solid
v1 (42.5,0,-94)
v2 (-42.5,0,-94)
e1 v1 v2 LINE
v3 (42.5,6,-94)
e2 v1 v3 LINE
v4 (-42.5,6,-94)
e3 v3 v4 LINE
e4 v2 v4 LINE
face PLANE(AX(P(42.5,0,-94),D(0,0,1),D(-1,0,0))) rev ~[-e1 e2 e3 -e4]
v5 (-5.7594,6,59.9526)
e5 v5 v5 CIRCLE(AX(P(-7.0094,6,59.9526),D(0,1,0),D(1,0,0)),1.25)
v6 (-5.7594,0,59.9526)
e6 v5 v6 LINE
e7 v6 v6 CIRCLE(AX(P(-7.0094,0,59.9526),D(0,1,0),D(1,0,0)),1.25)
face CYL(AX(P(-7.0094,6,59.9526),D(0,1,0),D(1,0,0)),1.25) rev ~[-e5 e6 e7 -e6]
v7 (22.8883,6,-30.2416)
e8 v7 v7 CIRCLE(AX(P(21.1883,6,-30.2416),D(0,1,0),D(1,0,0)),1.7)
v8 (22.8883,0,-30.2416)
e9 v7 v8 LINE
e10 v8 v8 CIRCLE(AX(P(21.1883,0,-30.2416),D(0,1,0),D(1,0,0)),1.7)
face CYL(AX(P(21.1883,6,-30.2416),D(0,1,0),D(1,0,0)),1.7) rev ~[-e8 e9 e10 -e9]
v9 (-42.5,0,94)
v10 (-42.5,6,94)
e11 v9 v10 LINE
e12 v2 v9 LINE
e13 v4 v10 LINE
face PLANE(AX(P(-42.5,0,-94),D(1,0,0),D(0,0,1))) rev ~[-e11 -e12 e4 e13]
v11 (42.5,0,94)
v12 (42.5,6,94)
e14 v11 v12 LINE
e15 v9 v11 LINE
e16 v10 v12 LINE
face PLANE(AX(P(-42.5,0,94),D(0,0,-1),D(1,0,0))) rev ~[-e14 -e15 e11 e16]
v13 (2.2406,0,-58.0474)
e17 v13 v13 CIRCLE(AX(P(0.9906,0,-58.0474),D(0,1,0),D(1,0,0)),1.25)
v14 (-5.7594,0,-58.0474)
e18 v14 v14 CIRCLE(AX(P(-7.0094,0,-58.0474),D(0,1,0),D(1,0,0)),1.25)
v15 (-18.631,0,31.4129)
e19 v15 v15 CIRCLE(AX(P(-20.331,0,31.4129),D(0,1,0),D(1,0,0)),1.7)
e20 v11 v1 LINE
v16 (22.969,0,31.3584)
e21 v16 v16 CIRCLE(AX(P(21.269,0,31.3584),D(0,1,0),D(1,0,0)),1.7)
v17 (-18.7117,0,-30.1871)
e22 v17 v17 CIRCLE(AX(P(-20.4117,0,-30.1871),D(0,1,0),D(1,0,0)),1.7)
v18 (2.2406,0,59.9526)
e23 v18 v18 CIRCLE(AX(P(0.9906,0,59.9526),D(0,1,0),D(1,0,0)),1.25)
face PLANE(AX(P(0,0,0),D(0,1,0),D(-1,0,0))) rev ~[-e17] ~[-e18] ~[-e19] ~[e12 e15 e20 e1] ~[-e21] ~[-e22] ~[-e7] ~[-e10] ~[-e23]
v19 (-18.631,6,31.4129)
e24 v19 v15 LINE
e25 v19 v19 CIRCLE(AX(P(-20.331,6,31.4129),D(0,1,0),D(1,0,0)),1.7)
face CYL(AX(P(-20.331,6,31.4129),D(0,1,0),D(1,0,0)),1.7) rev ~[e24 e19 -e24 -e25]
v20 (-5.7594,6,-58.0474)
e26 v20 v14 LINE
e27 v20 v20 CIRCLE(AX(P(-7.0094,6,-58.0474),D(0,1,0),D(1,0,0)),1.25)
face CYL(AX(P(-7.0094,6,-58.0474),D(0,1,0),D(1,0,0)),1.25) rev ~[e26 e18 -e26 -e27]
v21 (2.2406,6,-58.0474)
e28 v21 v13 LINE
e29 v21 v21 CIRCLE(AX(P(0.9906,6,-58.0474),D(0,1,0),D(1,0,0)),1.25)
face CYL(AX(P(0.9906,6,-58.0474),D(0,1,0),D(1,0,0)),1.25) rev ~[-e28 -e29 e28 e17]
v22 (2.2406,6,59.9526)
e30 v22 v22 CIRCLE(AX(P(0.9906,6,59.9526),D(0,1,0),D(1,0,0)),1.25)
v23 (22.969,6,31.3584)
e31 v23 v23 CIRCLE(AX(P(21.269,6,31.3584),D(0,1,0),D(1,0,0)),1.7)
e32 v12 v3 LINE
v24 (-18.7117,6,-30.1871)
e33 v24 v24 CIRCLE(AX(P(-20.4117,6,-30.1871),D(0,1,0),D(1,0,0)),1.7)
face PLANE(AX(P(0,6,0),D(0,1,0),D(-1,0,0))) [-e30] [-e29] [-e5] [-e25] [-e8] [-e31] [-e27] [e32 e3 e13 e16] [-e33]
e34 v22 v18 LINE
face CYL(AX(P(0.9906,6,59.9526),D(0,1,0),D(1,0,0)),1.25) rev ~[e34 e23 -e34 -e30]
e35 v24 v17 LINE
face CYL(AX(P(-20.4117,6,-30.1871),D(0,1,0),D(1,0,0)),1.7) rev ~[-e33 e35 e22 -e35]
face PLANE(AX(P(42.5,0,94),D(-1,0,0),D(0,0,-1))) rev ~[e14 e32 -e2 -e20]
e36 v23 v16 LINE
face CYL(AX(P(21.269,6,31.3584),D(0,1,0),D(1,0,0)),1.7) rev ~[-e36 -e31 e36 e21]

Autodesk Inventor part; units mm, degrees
ref_plane "YZ Plane" through (0, 0, 0) normal (1, 0, 0) x (0, 1, 0)
ref_plane "XZ Plane" through (0, 0, 0) normal (0, 1, 0) x (-1, 0, 0)
ref_plane "XY Plane" through (0, 0, 0) normal (0, 0, 1) x (1, 0, 0)
ref_plane "작업 평면1" through (-11.501, -90.6951, 25.5) normal (0, 0, 1) x (0, 1, 0)
ref_plane "작업 평면2" through (-154.4039, 73.8066, -132.8958) normal (0, 0, 1) x (0, 1, 0)
sketch "스케치12" plane through (0, 0, 0) normal (0, 1, 0) x (-1, 0, 0)
  line L0 (-42.5, -94) -> (42.5, -94)
  line L1 (42.5, -94) -> (42.5, 94)
  line L2 (42.5, 94) -> (-42.5, 94)
  line L3 (-42.5, 94) -> (-42.5, -94)
  line L4 (-42.5, -94) -> (42.5, 94) construction
  line L5 (42.5, -94) -> (-42.5, 94) construction
  point P0 (0, 0)
  dimension "d71" = 85
  dimension "d72" = 188
extrude "돌출11" add sketch "스케치12" along normal blind 6
sketch "스케치15" plane through (0, 6, 0) normal (0, 1, 0) x (1, 0, 0)
  circle A0 centre (0.9906, -59.9526) radius 1.25 projected
  circle A1 centre (-7.0094, -59.9526) radius 1.25 projected
  line L0 (-13.0094, -54.9526) -> (6.9906, -54.9526) projected
  line L1 (-13.0094, -54.9526) -> (-13.0094, -64.9526) projected
  line L2 (6.9906, -64.9526) -> (-13.0094, -64.9526) projected
  line L3 (6.9906, -54.9526) -> (6.9906, -64.9526) projected
  circle A2 centre (-7.0094, 58.0474) radius 1.25 projected
  circle A3 centre (0.9906, 58.0474) radius 1.25 projected
  line L4 (6.9906, 53.0474) -> (-13.0094, 53.0474) projected
  line L5 (6.9906, 53.0474) -> (6.9906, 63.0474) projected
  line L6 (-13.0094, 63.0474) -> (6.9906, 63.0474) projected
  line L7 (-13.0094, 53.0474) -> (-13.0094, 63.0474) projected
  point P0 (0, 0)
extrude "돌출14" cut sketch "스케치15" against normal blind 10 contours A0 | A1 | A2 | A3
sketch "스케치16" plane through (0, 6, 0) normal (0, 1, 0) x (1, 0, 0)
  circle A0 centre (-20.331, -31.4129) radius 1.6 projected
  circle A1 centre (-20.4117, 30.1871) radius 1.6 projected
  circle A2 centre (21.269, -31.3584) radius 1.6 projected
  circle A3 centre (21.1883, 30.2416) radius 1.6 projected
  line L0 (-24.6171, 34.3816) -> (-24.5254, -35.6184) projected
  line L1 (-24.5254, -35.6184) -> (25.4745, -35.5529) projected
  line L2 (25.4745, -35.5529) -> (25.3828, 34.4471) projected
  line L3 (25.3828, 34.4471) -> (-24.6171, 34.3816) projected
  line L4 (-3.012, -16.0318) -> (-3.013, -15.2211) projected
  line L5 (-3.013, -15.2211) -> (2.3653, -15.2141) projected
  line L6 (2.3653, -15.2141) -> (2.3626, -13.1675) projected
  line L7 (2.3626, -13.1675) -> (3.0843, -13.1666) projected
  line L8 (3.0843, -13.1666) -> (3.0907, -18.0703) projected
  line L9 (3.0907, -18.0703) -> (2.369, -18.0713) projected
  line L10 (2.369, -18.0713) -> (2.3663, -16.0248) projected
  line L11 (2.3663, -16.0248) -> (-3.012, -16.0318) projected
  spline S0 degree 2 poles (-2.5863, -8.9228) (-2.8733, -8.6315) (-3.1512, -7.8607) (-3.1519, -7.2972) knots 0 0 0 1 2 2 2 projected
  spline S1 degree 2 poles (-3.1519, -7.2972) (-3.1526, -6.7584) (-2.8719, -5.9572) (-2.5905, -5.6751) knots 0 0 0 1 2 2 2 projected
  spline S2 degree 2 poles (-2.5905, -5.6751) (-2.2746, -5.3534) (-1.3851, -5.0902) (-0.7326, -5.0893) knots 0 0 0 1 2 2 2 projected
  line L12 (-0.7326, -5.0893) -> (3.0737, -5.0844) projected
  line L13 (3.0737, -5.0844) -> (3.0748, -5.895) projected
  line L14 (3.0748, -5.895) -> (-0.7315, -5.9) projected
  spline S3 degree 2 poles (-0.7315, -5.9) (-1.1567, -5.9006) (-1.7299, -6.0101) (-1.9621, -6.1636) knots 0 0 0 1 2 2 2 projected
  spline S4 degree 2 poles (-1.9621, -6.1636) (-2.209, -6.3271) (-2.4604, -6.891) (-2.4599, -7.2963) knots 0 0 0 1 2 2 2 projected
  spline S5 degree 2 poles (-2.4599, -7.2963) (-2.4594, -7.6769) (-2.2065, -8.2698) (-1.9591, -8.4326) knots 0 0 0 1 2 2 2 projected
  spline S6 degree 2 poles (-1.9591, -8.4326) (-1.7266, -8.5855) (-1.1579, -8.6935) (-0.7477, -8.693) knots 0 0 0 1 2 2 2 projected
  line L15 (-0.7477, -8.693) -> (3.0784, -8.688) projected
  line L16 (3.0784, -8.688) -> (3.0795, -9.4987) projected
  line L17 (3.0795, -9.4987) -> (-0.7268, -9.5037) projected
  spline S7 degree 2 poles (-0.7268, -9.5037) (-1.3645, -9.5045) (-2.2744, -9.2487) (-2.5863, -8.9228) knots 0 0 0 1 2 2 2 projected
  line L18 (-2.4181, 6.0803) -> (-3.0409, 6.0794) projected
  line L19 (-3.0409, 6.0794) -> (-3.044, 8.4423) projected
  line L20 (-3.044, 8.4423) -> (-2.4212, 8.4431) projected
  line L21 (-2.4212, 8.4431) -> (-2.4201, 7.6671) projected
  line L22 (-2.4201, 7.6671) -> (2.4341, 7.6734) projected
  line L23 (2.4341, 7.6734) -> (2.4331, 8.4495) projected
  line L24 (2.4331, 8.4495) -> (3.056, 8.4503) projected
  line L25 (3.056, 8.4503) -> (3.0591, 6.0874) projected
  line L26 (3.0591, 6.0874) -> (2.4362, 6.0866) projected
  line L27 (2.4362, 6.0866) -> (2.4352, 6.8627) projected
  line L28 (2.4352, 6.8627) -> (-2.4191, 6.8564) projected
  line L29 (-2.4191, 6.8564) -> (-2.4181, 6.0803) projected
  spline S8 degree 2 poles (-2.9765, 9.7722) (-3.0659, 10.039) (-3.1555, 10.4936) (-3.1559, 10.8594) knots 0 0 0 1 2 2 2 projected
  spline S9 degree 2 poles (-3.1559, 10.8594) (-3.1567, 11.4526) (-2.7576, 12.4566) (-2.3577, 12.823) knots 0 0 0 1 2 2 2 projected
  spline S10 degree 2 poles (-2.3577, 12.823) (-1.9627, 13.1893) (-0.7769, 13.5913) (-0.0057, 13.5923) knots 0 0 0 1 2 2 2 projected
  spline S11 degree 2 poles (-0.0057, 13.5923) (0.7605, 13.5933) (1.898, 13.2042) (2.3186, 12.834) knots 0 0 0 1 2 2 2 projected
  spline S12 degree 2 poles (2.3186, 12.834) (2.7294, 12.4688) (3.1608, 11.4708) (3.1616, 10.8529) knots 0 0 0 1 2 2 2 projected
  spline S13 degree 2 poles (3.1616, 10.8529) (3.162, 10.5464) (3.0737, 10.0075) (3.0048, 9.78) knots 0 0 0 1 2 2 2 projected
  spline S14 degree 2 poles (3.0048, 9.78) (2.9408, 9.5822) (2.7584, 9.1716) (2.65, 8.9688) knots 0 0 0 1 2 2 2 projected
  line L30 (2.65, 8.9688) -> (1.6712, 8.9675) projected
  line L31 (1.6712, 8.9675) -> (1.6711, 9.0318) projected
  spline S15 degree 2 poles (1.6711, 9.0318) (1.7698, 9.1407) (2.0462, 9.4772) (2.1794, 9.7196) knots 0 0 0 1 2 2 2 projected
  spline S16 degree 2 poles (2.1794, 9.7196) (2.3076, 9.9521) (2.47, 10.501) (2.4695, 10.8569) knots 0 0 0 1 2 2 2 projected
  spline S17 degree 2 poles (2.4695, 10.8569) (2.469, 11.2474) (2.1468, 11.944) (1.84, 12.2056) knots 0 0 0 1 2 2 2 projected
  spline S18 degree 2 poles (1.84, 12.2056) (1.5282, 12.4623) (0.5837, 12.7477) (-0.0046, 12.747) knots 0 0 0 1 2 2 2 projected
  spline S19 degree 2 poles (-0.0046, 12.747) (-0.6324, 12.7461) (-1.5366, 12.4434) (-1.8477, 12.181) knots 0 0 0 1 2 2 2 projected
  spline S20 degree 2 poles (-1.8477, 12.181) (-2.1489, 11.9236) (-2.4545, 11.2361) (-2.454, 10.8505) knots 0 0 0 1 2 2 2 projected
  spline S21 degree 2 poles (-2.454, 10.8505) (-2.4535, 10.4995) (-2.2797, 9.9016) (-2.1509, 9.6694) knots 0 0 0 1 2 2 2 projected
  spline S22 degree 2 poles (-2.1509, 9.6694) (-2.0221, 9.4472) (-1.7547, 9.1163) (-1.6607, 9.0225) knots 0 0 0 1 2 2 2 projected
  line L32 (-1.6607, 9.0225) -> (-1.6606, 8.9632) projected
  line L33 (-1.6606, 8.9632) -> (-2.6295, 8.9619) projected
  spline S23 degree 2 poles (-2.6295, 8.9619) (-2.7236, 9.1645) (-2.8971, 9.5202) (-2.9765, 9.7722) knots 0 0 0 1 2 2 2 projected
  line L34 (-0.3817, 2.5287) -> (-3.0334, 0.3551) projected
  line L35 (-3.0334, 0.3551) -> (-3.0348, 1.4081) projected
  line L36 (-3.0348, 1.4081) -> (-0.6102, 3.3391) projected
  line L37 (-0.6102, 3.3391) -> (-0.6114, 4.2684) projected
  line L38 (-0.6114, 4.2684) -> (-3.0385, 4.2653) projected
  line L39 (-3.0385, 4.2653) -> (-3.0396, 5.076) projected
  line L40 (-3.0396, 5.076) -> (3.0604, 5.084) projected
  line L41 (3.0604, 5.084) -> (3.0625, 3.512) projected
  spline S24 degree 2 poles (3.0625, 3.512) (3.0631, 2.988) (2.9504, 2.281) (2.7432, 1.9594) knots 0 0 0 1 2 2 2 projected
  spline S25 degree 2 poles (2.7432, 1.9594) (2.536, 1.6378) (1.8889, 1.2662) (1.4094, 1.2656) knots 0 0 0 1 2 2 2 projected
  spline S26 degree 2 poles (1.4094, 1.2656) (0.7421, 1.2647) (-0.1635, 1.9457) (-0.3817, 2.5287) knots 0 0 0 1 2 2 2 projected
  spline S27 degree 2 poles (-2.959, -3.5994) (-3.0484, -3.3326) (-3.1379, -2.8779) (-3.1384, -2.5121) knots 0 0 0 1 2 2 2 projected
  spline S28 degree 2 poles (-3.1384, -2.5121) (-3.1392, -1.9189) (-2.7401, -0.9149) (-2.3402, -0.5486) knots 0 0 0 1 2 2 2 projected
  spline S29 degree 2 poles (-2.3402, -0.5486) (-1.9452, -0.1823) (-0.7593, 0.2197) (0.0118, 0.2207) knots 0 0 0 1 2 2 2 projected
  spline S30 degree 2 poles (0.0118, 0.2207) (0.778, 0.2217) (1.9155, -0.1673) (2.3362, -0.5375) knots 0 0 0 1 2 2 2 projected
  spline S31 degree 2 poles (2.3362, -0.5375) (2.7469, -0.9028) (3.1783, -1.9007) (3.1791, -2.5187) knots 0 0 0 1 2 2 2 projected
  spline S32 degree 2 poles (3.1791, -2.5187) (3.1795, -2.8251) (3.0912, -3.3641) (3.0223, -3.5916) knots 0 0 0 1 2 2 2 projected
  spline S33 degree 2 poles (3.0223, -3.5916) (2.9583, -3.7894) (2.776, -4.1999) (2.6675, -4.4027) knots 0 0 0 1 2 2 2 projected
  line L42 (2.6675, -4.4027) -> (1.6887, -4.404) projected
  line L43 (1.6887, -4.404) -> (1.6886, -4.3397) projected
  spline S34 degree 2 poles (1.6886, -4.3397) (1.7873, -4.2309) (2.0637, -3.8943) (2.1969, -3.652) knots 0 0 0 1 2 2 2 projected
  spline S35 degree 2 poles (2.1969, -3.652) (2.3251, -3.4194) (2.4875, -2.8705) (2.487, -2.5146) knots 0 0 0 1 2 2 2 projected
  spline S36 degree 2 poles (2.487, -2.5146) (2.4865, -2.1241) (2.1643, -1.4275) (1.8575, -1.1659) knots 0 0 0 1 2 2 2 projected
  spline S37 degree 2 poles (1.8575, -1.1659) (1.5457, -0.9093) (0.6012, -0.6238) (0.0129, -0.6246) knots 0 0 0 1 2 2 2 projected
  spline S38 degree 2 poles (0.0129, -0.6246) (-0.6149, -0.6254) (-1.5191, -0.9281) (-1.8302, -1.1905) knots 0 0 0 1 2 2 2 projected
  spline S39 degree 2 poles (-1.8302, -1.1905) (-2.1314, -1.448) (-2.437, -2.1355) (-2.4365, -2.5211) knots 0 0 0 1 2 2 2 projected
  spline S40 degree 2 poles (-2.4365, -2.5211) (-2.436, -2.872) (-2.2622, -3.4699) (-2.1334, -3.7021) knots 0 0 0 1 2 2 2 projected
  spline S41 degree 2 poles (-2.1334, -3.7021) (-2.0046, -3.9244) (-1.7372, -4.2552) (-1.6431, -4.349) knots 0 0 0 1 2 2 2 projected
  line L44 (-1.6431, -4.349) -> (-1.6431, -4.4084) projected
  line L45 (-1.6431, -4.4084) -> (-2.6119, -4.4096) projected
  spline S42 degree 2 poles (-2.6119, -4.4096) (-2.7061, -4.2071) (-2.8796, -3.8514) (-2.959, -3.5994) knots 0 0 0 1 2 2 2 projected
  line L46 (-2.3933, -12.7931) -> (-3.0162, -12.794) projected
  line L47 (-3.0162, -12.794) -> (-3.0193, -10.4311) projected
  line L48 (-3.0193, -10.4311) -> (-2.3964, -10.4303) projected
  line L49 (-2.3964, -10.4303) -> (-2.3954, -11.2064) projected
  line L50 (-2.3954, -11.2064) -> (2.4589, -11.2) projected
  line L51 (2.4589, -11.2) -> (2.4579, -10.4239) projected
  line L52 (2.4579, -10.4239) -> (3.0807, -10.4231) projected
  line L53 (3.0807, -10.4231) -> (3.0838, -12.786) projected
  line L54 (3.0838, -12.786) -> (2.4609, -12.7868) projected
  line L55 (2.4609, -12.7868) -> (2.4599, -12.0107) projected
  line L56 (2.4599, -12.0107) -> (-2.3944, -12.017) projected
  line L57 (-2.3944, -12.017) -> (-2.3933, -12.7931) projected
  circle A4 centre (-20.331, -31.4129) radius 1.7
  circle A5 centre (-20.4117, 30.1871) radius 1.7
  circle A6 centre (21.1883, 30.2416) radius 1.7
  circle A7 centre (21.269, -31.3584) radius 1.7
  point P0 (0, 0)
  dimension "d81" = 0.1
  dimension "d82" = 0.1
  dimension "d83" = 0.1
  dimension "d84" = 0.1
extrude "돌출15" cut sketch "스케치16" against normal blind 10 contours A0 | A1 | A2 | A3 | A4 | A5 | A6 | A7
properties part number "12_CPY1" material "아크릴, 선명"
